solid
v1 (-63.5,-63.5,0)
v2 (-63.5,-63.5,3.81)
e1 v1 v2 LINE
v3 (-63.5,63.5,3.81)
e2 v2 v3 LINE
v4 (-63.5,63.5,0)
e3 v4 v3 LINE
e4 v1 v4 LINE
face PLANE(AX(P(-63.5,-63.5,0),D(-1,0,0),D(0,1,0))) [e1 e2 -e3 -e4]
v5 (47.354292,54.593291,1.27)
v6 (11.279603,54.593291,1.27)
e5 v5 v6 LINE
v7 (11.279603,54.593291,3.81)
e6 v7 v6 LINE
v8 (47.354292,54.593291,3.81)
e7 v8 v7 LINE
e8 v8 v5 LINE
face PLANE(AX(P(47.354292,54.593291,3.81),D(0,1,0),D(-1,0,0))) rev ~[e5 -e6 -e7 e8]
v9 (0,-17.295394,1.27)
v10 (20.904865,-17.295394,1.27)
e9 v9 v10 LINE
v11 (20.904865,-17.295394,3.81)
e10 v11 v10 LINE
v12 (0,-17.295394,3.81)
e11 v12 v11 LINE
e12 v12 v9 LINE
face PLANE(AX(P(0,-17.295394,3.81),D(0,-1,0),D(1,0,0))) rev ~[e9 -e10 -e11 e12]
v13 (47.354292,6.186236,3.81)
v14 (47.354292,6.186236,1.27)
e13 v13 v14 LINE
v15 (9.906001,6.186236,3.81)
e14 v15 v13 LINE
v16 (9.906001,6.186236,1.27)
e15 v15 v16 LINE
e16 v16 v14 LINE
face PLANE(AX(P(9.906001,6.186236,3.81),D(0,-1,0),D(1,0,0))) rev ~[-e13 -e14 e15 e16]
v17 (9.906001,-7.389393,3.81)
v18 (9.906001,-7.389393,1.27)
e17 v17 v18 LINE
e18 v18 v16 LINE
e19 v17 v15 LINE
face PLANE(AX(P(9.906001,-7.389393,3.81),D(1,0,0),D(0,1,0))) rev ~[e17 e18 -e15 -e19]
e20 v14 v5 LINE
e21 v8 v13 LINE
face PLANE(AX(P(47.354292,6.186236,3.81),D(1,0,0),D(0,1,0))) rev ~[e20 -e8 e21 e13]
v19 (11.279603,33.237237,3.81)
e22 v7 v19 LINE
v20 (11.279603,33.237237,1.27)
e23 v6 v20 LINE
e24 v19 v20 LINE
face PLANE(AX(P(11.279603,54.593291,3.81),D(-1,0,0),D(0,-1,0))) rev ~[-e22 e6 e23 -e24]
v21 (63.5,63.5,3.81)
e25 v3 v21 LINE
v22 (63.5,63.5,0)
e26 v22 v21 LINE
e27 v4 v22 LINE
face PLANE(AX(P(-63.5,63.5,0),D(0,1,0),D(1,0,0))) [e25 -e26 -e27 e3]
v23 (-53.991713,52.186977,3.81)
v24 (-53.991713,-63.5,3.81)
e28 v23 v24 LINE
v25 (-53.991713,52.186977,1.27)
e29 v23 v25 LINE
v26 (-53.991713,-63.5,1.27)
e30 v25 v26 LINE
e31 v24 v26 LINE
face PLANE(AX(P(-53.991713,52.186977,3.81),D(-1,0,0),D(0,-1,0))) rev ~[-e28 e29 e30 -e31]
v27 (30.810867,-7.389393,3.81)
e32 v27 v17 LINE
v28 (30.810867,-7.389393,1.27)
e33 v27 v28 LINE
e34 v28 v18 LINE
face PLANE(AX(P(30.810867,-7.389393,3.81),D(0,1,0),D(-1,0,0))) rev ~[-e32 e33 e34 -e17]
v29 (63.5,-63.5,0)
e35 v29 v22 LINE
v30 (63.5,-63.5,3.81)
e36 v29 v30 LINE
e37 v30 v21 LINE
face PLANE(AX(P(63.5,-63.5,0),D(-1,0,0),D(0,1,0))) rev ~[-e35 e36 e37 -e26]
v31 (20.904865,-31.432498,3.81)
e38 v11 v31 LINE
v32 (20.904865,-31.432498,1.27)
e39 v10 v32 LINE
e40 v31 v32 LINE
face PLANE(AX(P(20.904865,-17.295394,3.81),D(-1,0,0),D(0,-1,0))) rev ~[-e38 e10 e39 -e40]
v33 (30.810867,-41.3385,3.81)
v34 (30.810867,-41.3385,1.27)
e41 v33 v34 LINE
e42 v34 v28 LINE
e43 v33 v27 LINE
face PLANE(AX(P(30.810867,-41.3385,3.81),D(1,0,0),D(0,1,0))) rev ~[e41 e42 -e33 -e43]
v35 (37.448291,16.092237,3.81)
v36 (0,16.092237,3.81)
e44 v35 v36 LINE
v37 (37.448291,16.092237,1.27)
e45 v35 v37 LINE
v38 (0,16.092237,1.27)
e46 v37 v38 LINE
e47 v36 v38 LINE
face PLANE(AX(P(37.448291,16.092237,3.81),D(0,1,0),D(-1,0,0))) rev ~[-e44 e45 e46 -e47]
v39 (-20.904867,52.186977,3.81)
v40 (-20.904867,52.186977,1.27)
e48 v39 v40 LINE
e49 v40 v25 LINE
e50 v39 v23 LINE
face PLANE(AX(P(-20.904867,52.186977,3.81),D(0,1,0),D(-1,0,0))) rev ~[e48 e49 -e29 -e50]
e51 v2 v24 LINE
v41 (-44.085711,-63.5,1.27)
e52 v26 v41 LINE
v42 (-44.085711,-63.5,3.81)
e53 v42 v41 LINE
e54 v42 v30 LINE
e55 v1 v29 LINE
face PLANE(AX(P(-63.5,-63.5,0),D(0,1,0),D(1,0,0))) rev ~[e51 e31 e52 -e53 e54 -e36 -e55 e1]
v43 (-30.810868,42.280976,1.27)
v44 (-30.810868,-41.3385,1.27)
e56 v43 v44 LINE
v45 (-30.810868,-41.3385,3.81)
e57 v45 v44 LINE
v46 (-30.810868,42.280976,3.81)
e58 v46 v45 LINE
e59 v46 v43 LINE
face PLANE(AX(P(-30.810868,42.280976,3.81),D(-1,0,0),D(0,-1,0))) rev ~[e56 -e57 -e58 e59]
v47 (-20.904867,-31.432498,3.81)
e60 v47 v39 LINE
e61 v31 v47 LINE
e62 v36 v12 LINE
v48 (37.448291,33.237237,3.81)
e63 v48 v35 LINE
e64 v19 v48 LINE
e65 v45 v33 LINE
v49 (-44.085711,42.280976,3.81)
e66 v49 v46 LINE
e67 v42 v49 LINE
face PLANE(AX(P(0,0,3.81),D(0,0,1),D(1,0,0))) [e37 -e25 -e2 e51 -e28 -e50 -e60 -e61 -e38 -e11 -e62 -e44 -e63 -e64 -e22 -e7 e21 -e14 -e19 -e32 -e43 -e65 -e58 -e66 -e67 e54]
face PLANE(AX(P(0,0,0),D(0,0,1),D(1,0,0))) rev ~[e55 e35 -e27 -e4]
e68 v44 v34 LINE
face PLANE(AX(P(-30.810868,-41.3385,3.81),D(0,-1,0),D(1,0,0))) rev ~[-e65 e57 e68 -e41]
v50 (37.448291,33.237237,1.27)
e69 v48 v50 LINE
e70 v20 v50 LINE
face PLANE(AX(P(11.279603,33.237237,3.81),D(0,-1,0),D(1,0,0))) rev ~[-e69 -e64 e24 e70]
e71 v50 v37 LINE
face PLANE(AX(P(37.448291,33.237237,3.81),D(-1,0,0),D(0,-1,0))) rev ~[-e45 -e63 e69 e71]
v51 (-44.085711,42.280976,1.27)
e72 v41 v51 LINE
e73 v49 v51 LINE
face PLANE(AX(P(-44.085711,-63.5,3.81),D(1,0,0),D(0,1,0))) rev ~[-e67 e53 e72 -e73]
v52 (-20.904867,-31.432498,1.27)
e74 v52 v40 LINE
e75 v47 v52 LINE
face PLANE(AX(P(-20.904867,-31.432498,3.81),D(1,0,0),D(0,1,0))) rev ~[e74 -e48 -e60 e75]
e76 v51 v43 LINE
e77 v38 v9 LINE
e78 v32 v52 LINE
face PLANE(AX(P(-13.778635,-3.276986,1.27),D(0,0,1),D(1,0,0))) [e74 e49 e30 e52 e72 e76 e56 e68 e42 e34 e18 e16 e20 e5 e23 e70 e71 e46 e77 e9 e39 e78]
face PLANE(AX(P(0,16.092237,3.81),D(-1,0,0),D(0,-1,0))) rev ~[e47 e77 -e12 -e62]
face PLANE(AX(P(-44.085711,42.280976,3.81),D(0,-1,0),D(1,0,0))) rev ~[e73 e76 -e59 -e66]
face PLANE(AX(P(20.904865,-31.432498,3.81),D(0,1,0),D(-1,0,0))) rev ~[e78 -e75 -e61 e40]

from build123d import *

# Parameters (mm, degrees)
F0_W     = 127
F0_H     = 127
F1_DEPTH = 3.81
F3_DEPTH = 2.54
F5_DEPTH = 2.54


with BuildPart() as f1:
    # F0 (on Top) → F1 (new body)
    with BuildSketch(Plane.XY):
        Rectangle(F0_W, F0_H)
    extrude(amount=F1_DEPTH)

    # F2 (on face) → F3 (cut)
    with BuildSketch(Plane.XY.offset(3.81)):
        Polygon((-53.991713, 52.186977), (-53.991713, -63.5), (-44.085711, -63.5), (-44.085711, 42.280976), (-30.810868, 42.280976), (-30.810868, -41.3385), (30.810867, -41.3385), (30.810867, -7.389393), (9.906001, -7.389393), (9.906001, 6.186236), (47.354292, 6.186236), (47.354292, 33.237237), (37.448291, 33.237237), (37.448291, 16.092237), (0, 16.092237), (0, -17.295394), (20.904865, -17.295394), (20.904865, -31.432498), (-20.904867, -31.432498), (-20.904867, 52.186977), align=None)
    extrude(amount=-F3_DEPTH, mode=Mode.SUBTRACT)

    # F4 (on face) → F5 (cut)
    with BuildSketch(Plane.XY.offset(3.81)):
        Polygon((37.448291, 33.237237), (47.354292, 33.237237), (47.354292, 54.593291), (11.279603, 54.593291), (11.279603, 33.237237), align=None)
    extrude(amount=-F5_DEPTH, mode=Mode.SUBTRACT)


solid = f1.part
